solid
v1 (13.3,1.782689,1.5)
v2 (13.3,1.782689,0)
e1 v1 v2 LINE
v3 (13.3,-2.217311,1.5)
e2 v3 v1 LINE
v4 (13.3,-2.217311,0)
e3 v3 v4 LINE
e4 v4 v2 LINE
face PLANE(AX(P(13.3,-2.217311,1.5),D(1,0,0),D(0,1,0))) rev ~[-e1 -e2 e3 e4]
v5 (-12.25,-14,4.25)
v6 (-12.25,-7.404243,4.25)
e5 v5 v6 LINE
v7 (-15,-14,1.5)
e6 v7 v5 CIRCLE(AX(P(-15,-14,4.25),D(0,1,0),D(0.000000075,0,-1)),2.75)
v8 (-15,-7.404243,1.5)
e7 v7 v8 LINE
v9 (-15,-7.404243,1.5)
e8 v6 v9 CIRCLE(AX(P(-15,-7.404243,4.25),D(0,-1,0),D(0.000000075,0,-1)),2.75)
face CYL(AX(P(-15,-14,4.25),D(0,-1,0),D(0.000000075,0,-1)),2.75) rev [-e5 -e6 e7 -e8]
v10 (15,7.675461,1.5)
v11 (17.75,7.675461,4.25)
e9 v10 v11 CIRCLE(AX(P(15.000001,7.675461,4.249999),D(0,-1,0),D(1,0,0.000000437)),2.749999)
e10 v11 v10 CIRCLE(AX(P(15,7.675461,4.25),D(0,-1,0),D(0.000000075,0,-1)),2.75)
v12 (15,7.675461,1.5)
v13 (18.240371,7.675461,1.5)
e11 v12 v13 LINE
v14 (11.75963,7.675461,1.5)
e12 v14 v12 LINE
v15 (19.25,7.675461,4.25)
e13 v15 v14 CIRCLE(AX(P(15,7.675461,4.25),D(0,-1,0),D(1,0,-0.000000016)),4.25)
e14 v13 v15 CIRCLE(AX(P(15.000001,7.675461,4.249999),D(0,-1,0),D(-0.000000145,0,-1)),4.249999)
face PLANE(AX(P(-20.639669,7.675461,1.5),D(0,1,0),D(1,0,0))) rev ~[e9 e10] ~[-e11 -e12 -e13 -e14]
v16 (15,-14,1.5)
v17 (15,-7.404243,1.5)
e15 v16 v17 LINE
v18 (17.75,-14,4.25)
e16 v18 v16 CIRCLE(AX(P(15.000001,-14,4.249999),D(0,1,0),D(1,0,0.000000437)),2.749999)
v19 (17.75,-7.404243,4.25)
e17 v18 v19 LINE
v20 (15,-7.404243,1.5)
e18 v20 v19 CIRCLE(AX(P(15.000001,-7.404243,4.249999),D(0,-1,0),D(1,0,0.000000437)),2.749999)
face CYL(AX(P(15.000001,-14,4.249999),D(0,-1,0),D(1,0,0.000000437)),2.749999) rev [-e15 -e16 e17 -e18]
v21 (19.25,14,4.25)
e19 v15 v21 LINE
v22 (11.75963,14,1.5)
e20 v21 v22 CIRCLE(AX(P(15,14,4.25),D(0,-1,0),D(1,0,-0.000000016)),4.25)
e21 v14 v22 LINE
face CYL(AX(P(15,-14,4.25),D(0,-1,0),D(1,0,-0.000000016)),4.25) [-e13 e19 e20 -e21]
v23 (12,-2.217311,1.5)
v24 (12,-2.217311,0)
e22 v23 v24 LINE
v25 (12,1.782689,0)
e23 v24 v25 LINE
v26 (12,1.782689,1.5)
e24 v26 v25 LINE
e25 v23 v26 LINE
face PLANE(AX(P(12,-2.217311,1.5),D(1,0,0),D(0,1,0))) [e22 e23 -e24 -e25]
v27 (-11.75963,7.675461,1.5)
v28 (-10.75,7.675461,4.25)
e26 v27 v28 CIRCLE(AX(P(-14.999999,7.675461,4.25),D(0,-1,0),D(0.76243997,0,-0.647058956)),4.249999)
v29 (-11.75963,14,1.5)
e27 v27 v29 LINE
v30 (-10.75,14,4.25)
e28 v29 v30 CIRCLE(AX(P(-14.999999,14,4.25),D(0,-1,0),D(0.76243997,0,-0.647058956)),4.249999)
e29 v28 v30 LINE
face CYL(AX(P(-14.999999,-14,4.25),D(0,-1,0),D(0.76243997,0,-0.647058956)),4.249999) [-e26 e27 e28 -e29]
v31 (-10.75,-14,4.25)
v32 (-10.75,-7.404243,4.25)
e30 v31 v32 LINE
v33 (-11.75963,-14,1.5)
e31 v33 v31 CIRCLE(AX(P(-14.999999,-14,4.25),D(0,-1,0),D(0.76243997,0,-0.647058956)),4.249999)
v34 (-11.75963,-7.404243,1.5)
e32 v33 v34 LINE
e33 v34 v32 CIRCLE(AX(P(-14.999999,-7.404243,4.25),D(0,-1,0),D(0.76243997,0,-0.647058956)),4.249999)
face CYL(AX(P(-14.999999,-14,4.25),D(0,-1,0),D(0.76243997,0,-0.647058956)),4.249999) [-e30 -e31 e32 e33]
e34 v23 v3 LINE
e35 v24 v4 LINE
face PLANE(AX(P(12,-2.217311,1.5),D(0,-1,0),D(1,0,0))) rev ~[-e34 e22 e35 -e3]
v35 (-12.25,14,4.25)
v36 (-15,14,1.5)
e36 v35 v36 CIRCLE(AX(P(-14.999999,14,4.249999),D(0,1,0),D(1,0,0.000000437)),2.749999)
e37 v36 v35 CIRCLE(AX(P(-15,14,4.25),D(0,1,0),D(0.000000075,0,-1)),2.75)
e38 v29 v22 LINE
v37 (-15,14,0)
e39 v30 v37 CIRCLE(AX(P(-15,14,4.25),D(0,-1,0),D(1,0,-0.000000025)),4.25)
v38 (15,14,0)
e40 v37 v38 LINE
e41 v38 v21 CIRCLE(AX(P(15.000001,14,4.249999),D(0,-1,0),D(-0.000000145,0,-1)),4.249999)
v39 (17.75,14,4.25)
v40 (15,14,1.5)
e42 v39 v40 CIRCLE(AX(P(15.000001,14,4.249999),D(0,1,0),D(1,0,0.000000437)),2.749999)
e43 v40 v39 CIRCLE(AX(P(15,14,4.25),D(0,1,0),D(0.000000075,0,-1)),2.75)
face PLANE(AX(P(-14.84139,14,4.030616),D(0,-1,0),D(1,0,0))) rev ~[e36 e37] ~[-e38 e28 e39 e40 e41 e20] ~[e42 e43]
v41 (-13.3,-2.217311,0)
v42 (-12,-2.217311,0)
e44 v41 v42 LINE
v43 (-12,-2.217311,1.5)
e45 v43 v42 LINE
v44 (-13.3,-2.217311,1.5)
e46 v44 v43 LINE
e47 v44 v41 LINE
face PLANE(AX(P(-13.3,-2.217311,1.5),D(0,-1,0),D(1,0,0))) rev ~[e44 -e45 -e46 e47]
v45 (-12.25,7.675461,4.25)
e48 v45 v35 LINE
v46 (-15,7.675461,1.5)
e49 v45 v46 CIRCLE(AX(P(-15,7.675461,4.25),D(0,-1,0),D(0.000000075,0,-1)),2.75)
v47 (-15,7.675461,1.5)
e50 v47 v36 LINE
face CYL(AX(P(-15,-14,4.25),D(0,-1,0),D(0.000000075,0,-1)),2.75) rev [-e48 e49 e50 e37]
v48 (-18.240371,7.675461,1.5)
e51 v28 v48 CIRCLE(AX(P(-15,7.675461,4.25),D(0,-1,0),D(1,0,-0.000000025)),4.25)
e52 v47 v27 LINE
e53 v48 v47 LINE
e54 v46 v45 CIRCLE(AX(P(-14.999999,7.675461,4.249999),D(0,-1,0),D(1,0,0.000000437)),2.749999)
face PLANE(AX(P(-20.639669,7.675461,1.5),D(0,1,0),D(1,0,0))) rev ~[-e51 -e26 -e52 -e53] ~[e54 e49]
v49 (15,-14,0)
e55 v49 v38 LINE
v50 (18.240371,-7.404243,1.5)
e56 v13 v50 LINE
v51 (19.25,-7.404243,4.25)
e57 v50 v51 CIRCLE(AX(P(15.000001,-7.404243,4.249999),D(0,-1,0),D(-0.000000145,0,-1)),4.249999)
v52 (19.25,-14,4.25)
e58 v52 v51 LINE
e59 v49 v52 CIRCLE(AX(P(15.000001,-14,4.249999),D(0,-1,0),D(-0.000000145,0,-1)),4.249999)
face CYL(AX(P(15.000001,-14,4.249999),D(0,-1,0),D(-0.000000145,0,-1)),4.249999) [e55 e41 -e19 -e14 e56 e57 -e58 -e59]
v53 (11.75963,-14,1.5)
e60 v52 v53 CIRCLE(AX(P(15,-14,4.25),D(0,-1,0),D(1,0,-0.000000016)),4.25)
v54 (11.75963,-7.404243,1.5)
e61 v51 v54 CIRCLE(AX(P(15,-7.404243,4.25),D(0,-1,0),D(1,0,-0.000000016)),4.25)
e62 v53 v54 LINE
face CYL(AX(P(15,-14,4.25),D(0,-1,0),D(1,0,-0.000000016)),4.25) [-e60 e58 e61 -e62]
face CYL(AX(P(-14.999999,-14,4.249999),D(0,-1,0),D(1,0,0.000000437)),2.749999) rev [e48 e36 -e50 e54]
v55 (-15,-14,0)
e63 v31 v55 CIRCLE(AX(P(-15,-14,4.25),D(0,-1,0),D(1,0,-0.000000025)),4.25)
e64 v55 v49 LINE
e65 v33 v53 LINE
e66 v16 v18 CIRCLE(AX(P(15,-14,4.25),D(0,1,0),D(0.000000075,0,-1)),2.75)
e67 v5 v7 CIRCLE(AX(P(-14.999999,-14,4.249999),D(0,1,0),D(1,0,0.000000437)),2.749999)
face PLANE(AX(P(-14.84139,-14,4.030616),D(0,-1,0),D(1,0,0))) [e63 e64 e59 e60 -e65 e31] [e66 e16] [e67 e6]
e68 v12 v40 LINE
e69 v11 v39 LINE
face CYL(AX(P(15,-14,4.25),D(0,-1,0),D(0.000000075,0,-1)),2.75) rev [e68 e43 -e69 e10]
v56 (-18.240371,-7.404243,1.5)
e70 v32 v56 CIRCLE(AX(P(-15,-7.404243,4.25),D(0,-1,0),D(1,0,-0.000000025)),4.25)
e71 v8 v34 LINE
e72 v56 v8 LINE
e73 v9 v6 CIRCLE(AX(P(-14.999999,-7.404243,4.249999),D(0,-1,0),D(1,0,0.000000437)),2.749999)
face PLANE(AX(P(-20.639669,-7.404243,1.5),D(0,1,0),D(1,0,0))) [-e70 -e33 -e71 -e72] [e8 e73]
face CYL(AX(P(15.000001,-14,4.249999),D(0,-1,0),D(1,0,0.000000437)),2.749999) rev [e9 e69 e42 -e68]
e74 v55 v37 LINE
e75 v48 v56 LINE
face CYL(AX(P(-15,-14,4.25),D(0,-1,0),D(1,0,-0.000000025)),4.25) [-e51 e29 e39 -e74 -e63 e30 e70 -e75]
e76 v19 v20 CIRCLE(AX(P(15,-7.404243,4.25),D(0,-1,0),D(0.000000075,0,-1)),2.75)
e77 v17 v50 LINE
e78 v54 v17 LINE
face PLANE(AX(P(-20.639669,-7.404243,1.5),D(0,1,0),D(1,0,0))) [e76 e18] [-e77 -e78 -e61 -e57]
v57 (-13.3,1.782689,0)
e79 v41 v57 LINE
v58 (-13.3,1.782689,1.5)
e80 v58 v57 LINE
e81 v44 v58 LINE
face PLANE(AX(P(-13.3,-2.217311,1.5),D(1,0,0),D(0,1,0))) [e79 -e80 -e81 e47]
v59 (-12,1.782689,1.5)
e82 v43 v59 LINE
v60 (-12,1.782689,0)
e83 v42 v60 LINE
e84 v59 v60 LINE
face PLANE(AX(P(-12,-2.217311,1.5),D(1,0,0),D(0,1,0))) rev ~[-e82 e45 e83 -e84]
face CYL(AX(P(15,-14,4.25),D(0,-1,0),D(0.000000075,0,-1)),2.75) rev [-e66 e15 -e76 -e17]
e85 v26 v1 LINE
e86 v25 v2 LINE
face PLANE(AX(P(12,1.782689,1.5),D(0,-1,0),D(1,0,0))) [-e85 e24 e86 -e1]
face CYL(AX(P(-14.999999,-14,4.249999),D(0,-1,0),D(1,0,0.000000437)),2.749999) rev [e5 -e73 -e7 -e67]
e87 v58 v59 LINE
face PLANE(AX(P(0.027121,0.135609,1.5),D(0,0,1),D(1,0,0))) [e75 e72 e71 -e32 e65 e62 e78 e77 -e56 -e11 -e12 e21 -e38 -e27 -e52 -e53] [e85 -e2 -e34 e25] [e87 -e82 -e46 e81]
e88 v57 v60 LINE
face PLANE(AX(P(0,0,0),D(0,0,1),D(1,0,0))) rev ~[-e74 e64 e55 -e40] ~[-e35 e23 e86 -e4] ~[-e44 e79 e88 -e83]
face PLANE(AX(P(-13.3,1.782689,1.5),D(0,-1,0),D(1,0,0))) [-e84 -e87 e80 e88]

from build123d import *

# Parameters (mm, degrees)
F0_W     = 30
F0_H     = 28
F1_DEPTH = 1.5
F3_DEPTH = 28
F4_W     = 1.3
F4_H     = 4
F5_DEPTH = 25
F6_W     = 41.33358
F6_H     = 15.079705
F7_DEPTH = 25


with BuildPart() as f1:
    # F0 (on Top) → F1 (new body)
    with BuildSketch(Plane.XY):
        Rectangle(F0_W, F0_H)
    extrude(amount=F1_DEPTH)

    # F2 (on face) → F3 (join)
    with BuildSketch(Plane.XZ.offset(14)):
        with BuildLine():
            ThreePointArc((-11.75963, 1.5), (-11.010384, 2.78526), (-10.75, 4.25))
            ThreePointArc((-10.75, 4.25), (-18.005204, 7.255204), (-15, 0))
            Line((-15, 0), (-15, 1.5))
            Line((-15, 1.5), (-11.75963, 1.5))
        make_face()
        with BuildLine():
            ThreePointArc((-12.25, 4.25), (-13.055456, 2.305456), (-15, 1.5))
            ThreePointArc((-15, 1.5), (-16.944544, 6.194544), (-12.25, 4.25))
        make_face(mode=Mode.SUBTRACT)
        with BuildLine():
            Line((15, 1.5), (15, 0))
            ThreePointArc((15, 0), (18.005204, 1.244796), (19.25, 4.25))
            ThreePointArc((19.25, 4.25), (13.53526, 8.239616), (11.75963, 1.5))
            Line((11.75963, 1.5), (15, 1.5))
        make_face()
        with BuildLine():
            ThreePointArc((17.75, 4.25), (16.944544, 2.305456), (15, 1.5))
            ThreePointArc((15, 1.5), (13.055456, 6.194544), (17.75, 4.25))
        make_face(mode=Mode.SUBTRACT)
        with BuildLine():
            Line((-15, 1.5), (-15, 0))
            ThreePointArc((-15, 0), (-13.214643, 0.393188), (-11.75963, 1.5))
            Line((-11.75963, 1.5), (-15, 1.5))
        make_face()
    extrude(amount=-F3_DEPTH)

    # F4 (on face) → F5 (cut)
    with BuildSketch(Plane.XY.offset(1.5)):
        with Locations((-12.65, -0.217311)):
            Rectangle(F4_W, F4_H)
        with Locations((12.65, -0.217311)):
            Rectangle(F4_W, F4_H)
    extrude(amount=-F5_DEPTH, mode=Mode.SUBTRACT)

    # F6 (on face) → F7 (cut)
    with BuildSketch(Plane.XY.offset(1.5)):
        with Locations((0.027121, 0.135609)):
            Rectangle(F6_W, F6_H)
    extrude(amount=F7_DEPTH, mode=Mode.SUBTRACT)


solid = f1.part
